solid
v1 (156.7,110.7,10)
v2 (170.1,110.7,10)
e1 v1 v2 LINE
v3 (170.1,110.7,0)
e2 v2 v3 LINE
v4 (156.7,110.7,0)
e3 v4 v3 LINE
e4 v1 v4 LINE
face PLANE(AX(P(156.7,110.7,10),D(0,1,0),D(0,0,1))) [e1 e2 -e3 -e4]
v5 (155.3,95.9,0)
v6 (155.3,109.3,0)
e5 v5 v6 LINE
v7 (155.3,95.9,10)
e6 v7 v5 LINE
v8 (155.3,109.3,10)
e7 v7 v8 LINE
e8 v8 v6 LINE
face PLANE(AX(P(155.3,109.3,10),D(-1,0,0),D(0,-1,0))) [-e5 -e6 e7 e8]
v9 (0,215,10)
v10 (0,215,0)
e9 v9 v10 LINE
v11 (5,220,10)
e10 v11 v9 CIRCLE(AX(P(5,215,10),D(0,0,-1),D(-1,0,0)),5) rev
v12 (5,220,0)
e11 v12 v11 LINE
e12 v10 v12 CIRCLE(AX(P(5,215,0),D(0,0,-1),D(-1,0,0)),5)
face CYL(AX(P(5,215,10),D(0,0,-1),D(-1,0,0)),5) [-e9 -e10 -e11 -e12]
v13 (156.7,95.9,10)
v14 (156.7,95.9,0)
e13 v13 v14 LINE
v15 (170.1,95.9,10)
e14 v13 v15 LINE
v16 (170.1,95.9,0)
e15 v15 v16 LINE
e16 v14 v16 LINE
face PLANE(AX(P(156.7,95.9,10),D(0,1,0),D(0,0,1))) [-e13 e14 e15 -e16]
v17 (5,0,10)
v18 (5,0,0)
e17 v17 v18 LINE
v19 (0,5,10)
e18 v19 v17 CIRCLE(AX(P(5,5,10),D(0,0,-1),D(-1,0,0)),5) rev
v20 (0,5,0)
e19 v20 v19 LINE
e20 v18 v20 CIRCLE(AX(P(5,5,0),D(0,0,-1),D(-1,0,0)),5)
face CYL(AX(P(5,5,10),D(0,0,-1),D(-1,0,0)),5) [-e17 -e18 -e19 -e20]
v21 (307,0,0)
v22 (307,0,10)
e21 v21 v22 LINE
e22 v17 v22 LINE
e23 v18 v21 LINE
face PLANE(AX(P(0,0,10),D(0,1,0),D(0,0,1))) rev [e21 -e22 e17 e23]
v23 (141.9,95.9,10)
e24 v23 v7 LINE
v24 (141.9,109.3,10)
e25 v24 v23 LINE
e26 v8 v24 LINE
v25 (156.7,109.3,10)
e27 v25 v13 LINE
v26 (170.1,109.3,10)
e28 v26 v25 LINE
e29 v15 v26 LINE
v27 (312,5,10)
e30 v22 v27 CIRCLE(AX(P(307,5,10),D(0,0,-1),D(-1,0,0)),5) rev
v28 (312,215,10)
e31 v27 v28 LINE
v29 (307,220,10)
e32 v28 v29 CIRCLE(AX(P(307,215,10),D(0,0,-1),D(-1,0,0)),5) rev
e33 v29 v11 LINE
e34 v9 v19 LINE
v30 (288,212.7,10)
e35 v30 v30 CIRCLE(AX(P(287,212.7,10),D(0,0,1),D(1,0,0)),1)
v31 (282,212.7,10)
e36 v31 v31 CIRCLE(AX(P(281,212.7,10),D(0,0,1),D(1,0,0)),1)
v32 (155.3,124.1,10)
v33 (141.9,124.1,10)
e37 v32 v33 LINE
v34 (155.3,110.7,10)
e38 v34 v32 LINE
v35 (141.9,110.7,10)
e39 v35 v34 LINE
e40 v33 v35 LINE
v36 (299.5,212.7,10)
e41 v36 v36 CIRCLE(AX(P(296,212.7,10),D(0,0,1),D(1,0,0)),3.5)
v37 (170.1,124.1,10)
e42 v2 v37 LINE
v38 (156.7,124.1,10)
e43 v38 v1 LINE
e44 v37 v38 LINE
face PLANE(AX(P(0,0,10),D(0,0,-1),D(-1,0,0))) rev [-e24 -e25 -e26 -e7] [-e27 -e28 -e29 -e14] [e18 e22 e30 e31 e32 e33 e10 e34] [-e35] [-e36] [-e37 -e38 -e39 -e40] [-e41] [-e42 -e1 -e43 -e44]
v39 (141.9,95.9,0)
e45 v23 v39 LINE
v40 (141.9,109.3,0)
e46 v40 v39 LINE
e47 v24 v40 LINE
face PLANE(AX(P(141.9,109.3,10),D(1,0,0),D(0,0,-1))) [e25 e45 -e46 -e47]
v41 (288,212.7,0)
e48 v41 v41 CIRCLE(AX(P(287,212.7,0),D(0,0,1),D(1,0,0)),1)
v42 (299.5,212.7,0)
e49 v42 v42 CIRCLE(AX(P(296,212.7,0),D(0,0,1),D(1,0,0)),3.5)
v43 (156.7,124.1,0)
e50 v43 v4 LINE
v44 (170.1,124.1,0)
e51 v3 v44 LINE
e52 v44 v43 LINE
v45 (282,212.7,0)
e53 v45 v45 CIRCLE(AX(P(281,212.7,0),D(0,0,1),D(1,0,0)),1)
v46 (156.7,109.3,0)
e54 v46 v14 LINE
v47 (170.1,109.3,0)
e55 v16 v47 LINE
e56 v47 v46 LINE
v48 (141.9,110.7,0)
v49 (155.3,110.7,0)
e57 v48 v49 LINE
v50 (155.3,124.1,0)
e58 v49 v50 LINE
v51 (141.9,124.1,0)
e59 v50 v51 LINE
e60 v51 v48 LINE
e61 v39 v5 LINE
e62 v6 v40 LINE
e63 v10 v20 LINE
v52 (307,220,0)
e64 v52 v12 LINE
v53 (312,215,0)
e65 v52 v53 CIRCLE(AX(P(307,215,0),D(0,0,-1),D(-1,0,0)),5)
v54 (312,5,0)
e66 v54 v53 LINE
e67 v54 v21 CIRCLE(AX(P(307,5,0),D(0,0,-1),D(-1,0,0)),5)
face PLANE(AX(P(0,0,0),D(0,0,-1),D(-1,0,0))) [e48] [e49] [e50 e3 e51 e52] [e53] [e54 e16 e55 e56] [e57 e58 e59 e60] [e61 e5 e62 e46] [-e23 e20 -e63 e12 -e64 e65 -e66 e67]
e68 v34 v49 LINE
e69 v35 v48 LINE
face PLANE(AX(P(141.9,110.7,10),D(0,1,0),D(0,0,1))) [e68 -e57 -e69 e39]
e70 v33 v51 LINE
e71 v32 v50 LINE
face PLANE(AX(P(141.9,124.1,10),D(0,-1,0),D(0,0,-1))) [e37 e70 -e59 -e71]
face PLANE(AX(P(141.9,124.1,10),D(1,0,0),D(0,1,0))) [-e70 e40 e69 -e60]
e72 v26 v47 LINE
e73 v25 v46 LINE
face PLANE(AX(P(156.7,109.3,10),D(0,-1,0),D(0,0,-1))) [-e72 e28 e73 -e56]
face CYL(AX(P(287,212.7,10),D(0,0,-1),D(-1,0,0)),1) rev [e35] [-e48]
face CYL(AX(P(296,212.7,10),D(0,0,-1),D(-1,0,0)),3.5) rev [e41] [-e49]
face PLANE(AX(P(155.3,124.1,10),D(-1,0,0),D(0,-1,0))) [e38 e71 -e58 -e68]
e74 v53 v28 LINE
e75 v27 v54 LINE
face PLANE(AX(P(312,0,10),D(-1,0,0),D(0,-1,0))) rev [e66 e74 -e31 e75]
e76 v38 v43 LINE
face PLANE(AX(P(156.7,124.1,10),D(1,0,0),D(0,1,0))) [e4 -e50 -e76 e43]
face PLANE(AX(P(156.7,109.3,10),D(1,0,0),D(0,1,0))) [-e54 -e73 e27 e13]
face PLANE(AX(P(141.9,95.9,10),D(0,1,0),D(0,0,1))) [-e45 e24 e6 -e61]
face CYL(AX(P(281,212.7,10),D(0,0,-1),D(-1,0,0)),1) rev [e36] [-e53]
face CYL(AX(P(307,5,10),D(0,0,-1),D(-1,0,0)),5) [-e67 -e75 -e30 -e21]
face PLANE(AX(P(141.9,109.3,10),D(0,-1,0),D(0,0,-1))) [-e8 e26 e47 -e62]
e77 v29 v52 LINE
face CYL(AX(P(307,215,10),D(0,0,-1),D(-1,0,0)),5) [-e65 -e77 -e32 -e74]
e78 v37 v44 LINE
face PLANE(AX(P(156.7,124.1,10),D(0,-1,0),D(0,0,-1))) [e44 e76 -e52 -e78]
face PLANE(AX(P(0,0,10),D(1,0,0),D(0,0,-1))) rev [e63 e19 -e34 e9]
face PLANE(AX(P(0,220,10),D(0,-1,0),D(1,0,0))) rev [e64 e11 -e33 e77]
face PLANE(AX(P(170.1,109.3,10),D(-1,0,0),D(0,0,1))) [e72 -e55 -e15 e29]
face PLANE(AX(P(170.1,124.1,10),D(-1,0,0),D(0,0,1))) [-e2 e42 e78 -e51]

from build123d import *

# Parameters (mm, degrees)
SKETCH1_W           = 312
SKETCH1_H           = 220
SKETCH1_R           = 3.5
SKETCH1_R_2         = 1
SKETCH1_W_2         = 13.4
SKETCH1_H_2         = 13.4
BOSS_EXTRUDE1_DEPTH = 10
FILLET1_R           = 5


with BuildPart() as part:
    # Sketch1 → Boss-Extrude1 (new body)
    with BuildSketch(Plane.XY):
        with Locations((156, 110)):
            Rectangle(SKETCH1_W, SKETCH1_H)
        with Locations((296, 212.7)):
            Circle(SKETCH1_R, mode=Mode.SUBTRACT)
        with Locations((287, 212.7)):
            Circle(SKETCH1_R_2, mode=Mode.SUBTRACT)
        with Locations((281, 212.7)):
            Circle(SKETCH1_R_2, mode=Mode.SUBTRACT)
        with Locations((148.6, 117.4)):
            Rectangle(SKETCH1_W_2, SKETCH1_H_2, mode=Mode.SUBTRACT)
        with Locations((163.4, 117.4)):
            Rectangle(SKETCH1_W_2, SKETCH1_H_2, mode=Mode.SUBTRACT)
        with Locations((148.6, 102.6)):
            Rectangle(SKETCH1_W_2, SKETCH1_H_2, mode=Mode.SUBTRACT)
        with Locations((163.4, 102.6)):
            Rectangle(SKETCH1_W_2, SKETCH1_H_2, mode=Mode.SUBTRACT)
    extrude(amount=BOSS_EXTRUDE1_DEPTH)

    # Fillet1
    fillet1_edges = [part.edges().sort_by_distance(p)[0] for p in [
        (0, 220, 5),
        (312, 220, 5),
        (312, 0, 5),
        (0, 0, 5),
    ]]
    fillet(fillet1_edges, radius=FILLET1_R)


solid = part.part
